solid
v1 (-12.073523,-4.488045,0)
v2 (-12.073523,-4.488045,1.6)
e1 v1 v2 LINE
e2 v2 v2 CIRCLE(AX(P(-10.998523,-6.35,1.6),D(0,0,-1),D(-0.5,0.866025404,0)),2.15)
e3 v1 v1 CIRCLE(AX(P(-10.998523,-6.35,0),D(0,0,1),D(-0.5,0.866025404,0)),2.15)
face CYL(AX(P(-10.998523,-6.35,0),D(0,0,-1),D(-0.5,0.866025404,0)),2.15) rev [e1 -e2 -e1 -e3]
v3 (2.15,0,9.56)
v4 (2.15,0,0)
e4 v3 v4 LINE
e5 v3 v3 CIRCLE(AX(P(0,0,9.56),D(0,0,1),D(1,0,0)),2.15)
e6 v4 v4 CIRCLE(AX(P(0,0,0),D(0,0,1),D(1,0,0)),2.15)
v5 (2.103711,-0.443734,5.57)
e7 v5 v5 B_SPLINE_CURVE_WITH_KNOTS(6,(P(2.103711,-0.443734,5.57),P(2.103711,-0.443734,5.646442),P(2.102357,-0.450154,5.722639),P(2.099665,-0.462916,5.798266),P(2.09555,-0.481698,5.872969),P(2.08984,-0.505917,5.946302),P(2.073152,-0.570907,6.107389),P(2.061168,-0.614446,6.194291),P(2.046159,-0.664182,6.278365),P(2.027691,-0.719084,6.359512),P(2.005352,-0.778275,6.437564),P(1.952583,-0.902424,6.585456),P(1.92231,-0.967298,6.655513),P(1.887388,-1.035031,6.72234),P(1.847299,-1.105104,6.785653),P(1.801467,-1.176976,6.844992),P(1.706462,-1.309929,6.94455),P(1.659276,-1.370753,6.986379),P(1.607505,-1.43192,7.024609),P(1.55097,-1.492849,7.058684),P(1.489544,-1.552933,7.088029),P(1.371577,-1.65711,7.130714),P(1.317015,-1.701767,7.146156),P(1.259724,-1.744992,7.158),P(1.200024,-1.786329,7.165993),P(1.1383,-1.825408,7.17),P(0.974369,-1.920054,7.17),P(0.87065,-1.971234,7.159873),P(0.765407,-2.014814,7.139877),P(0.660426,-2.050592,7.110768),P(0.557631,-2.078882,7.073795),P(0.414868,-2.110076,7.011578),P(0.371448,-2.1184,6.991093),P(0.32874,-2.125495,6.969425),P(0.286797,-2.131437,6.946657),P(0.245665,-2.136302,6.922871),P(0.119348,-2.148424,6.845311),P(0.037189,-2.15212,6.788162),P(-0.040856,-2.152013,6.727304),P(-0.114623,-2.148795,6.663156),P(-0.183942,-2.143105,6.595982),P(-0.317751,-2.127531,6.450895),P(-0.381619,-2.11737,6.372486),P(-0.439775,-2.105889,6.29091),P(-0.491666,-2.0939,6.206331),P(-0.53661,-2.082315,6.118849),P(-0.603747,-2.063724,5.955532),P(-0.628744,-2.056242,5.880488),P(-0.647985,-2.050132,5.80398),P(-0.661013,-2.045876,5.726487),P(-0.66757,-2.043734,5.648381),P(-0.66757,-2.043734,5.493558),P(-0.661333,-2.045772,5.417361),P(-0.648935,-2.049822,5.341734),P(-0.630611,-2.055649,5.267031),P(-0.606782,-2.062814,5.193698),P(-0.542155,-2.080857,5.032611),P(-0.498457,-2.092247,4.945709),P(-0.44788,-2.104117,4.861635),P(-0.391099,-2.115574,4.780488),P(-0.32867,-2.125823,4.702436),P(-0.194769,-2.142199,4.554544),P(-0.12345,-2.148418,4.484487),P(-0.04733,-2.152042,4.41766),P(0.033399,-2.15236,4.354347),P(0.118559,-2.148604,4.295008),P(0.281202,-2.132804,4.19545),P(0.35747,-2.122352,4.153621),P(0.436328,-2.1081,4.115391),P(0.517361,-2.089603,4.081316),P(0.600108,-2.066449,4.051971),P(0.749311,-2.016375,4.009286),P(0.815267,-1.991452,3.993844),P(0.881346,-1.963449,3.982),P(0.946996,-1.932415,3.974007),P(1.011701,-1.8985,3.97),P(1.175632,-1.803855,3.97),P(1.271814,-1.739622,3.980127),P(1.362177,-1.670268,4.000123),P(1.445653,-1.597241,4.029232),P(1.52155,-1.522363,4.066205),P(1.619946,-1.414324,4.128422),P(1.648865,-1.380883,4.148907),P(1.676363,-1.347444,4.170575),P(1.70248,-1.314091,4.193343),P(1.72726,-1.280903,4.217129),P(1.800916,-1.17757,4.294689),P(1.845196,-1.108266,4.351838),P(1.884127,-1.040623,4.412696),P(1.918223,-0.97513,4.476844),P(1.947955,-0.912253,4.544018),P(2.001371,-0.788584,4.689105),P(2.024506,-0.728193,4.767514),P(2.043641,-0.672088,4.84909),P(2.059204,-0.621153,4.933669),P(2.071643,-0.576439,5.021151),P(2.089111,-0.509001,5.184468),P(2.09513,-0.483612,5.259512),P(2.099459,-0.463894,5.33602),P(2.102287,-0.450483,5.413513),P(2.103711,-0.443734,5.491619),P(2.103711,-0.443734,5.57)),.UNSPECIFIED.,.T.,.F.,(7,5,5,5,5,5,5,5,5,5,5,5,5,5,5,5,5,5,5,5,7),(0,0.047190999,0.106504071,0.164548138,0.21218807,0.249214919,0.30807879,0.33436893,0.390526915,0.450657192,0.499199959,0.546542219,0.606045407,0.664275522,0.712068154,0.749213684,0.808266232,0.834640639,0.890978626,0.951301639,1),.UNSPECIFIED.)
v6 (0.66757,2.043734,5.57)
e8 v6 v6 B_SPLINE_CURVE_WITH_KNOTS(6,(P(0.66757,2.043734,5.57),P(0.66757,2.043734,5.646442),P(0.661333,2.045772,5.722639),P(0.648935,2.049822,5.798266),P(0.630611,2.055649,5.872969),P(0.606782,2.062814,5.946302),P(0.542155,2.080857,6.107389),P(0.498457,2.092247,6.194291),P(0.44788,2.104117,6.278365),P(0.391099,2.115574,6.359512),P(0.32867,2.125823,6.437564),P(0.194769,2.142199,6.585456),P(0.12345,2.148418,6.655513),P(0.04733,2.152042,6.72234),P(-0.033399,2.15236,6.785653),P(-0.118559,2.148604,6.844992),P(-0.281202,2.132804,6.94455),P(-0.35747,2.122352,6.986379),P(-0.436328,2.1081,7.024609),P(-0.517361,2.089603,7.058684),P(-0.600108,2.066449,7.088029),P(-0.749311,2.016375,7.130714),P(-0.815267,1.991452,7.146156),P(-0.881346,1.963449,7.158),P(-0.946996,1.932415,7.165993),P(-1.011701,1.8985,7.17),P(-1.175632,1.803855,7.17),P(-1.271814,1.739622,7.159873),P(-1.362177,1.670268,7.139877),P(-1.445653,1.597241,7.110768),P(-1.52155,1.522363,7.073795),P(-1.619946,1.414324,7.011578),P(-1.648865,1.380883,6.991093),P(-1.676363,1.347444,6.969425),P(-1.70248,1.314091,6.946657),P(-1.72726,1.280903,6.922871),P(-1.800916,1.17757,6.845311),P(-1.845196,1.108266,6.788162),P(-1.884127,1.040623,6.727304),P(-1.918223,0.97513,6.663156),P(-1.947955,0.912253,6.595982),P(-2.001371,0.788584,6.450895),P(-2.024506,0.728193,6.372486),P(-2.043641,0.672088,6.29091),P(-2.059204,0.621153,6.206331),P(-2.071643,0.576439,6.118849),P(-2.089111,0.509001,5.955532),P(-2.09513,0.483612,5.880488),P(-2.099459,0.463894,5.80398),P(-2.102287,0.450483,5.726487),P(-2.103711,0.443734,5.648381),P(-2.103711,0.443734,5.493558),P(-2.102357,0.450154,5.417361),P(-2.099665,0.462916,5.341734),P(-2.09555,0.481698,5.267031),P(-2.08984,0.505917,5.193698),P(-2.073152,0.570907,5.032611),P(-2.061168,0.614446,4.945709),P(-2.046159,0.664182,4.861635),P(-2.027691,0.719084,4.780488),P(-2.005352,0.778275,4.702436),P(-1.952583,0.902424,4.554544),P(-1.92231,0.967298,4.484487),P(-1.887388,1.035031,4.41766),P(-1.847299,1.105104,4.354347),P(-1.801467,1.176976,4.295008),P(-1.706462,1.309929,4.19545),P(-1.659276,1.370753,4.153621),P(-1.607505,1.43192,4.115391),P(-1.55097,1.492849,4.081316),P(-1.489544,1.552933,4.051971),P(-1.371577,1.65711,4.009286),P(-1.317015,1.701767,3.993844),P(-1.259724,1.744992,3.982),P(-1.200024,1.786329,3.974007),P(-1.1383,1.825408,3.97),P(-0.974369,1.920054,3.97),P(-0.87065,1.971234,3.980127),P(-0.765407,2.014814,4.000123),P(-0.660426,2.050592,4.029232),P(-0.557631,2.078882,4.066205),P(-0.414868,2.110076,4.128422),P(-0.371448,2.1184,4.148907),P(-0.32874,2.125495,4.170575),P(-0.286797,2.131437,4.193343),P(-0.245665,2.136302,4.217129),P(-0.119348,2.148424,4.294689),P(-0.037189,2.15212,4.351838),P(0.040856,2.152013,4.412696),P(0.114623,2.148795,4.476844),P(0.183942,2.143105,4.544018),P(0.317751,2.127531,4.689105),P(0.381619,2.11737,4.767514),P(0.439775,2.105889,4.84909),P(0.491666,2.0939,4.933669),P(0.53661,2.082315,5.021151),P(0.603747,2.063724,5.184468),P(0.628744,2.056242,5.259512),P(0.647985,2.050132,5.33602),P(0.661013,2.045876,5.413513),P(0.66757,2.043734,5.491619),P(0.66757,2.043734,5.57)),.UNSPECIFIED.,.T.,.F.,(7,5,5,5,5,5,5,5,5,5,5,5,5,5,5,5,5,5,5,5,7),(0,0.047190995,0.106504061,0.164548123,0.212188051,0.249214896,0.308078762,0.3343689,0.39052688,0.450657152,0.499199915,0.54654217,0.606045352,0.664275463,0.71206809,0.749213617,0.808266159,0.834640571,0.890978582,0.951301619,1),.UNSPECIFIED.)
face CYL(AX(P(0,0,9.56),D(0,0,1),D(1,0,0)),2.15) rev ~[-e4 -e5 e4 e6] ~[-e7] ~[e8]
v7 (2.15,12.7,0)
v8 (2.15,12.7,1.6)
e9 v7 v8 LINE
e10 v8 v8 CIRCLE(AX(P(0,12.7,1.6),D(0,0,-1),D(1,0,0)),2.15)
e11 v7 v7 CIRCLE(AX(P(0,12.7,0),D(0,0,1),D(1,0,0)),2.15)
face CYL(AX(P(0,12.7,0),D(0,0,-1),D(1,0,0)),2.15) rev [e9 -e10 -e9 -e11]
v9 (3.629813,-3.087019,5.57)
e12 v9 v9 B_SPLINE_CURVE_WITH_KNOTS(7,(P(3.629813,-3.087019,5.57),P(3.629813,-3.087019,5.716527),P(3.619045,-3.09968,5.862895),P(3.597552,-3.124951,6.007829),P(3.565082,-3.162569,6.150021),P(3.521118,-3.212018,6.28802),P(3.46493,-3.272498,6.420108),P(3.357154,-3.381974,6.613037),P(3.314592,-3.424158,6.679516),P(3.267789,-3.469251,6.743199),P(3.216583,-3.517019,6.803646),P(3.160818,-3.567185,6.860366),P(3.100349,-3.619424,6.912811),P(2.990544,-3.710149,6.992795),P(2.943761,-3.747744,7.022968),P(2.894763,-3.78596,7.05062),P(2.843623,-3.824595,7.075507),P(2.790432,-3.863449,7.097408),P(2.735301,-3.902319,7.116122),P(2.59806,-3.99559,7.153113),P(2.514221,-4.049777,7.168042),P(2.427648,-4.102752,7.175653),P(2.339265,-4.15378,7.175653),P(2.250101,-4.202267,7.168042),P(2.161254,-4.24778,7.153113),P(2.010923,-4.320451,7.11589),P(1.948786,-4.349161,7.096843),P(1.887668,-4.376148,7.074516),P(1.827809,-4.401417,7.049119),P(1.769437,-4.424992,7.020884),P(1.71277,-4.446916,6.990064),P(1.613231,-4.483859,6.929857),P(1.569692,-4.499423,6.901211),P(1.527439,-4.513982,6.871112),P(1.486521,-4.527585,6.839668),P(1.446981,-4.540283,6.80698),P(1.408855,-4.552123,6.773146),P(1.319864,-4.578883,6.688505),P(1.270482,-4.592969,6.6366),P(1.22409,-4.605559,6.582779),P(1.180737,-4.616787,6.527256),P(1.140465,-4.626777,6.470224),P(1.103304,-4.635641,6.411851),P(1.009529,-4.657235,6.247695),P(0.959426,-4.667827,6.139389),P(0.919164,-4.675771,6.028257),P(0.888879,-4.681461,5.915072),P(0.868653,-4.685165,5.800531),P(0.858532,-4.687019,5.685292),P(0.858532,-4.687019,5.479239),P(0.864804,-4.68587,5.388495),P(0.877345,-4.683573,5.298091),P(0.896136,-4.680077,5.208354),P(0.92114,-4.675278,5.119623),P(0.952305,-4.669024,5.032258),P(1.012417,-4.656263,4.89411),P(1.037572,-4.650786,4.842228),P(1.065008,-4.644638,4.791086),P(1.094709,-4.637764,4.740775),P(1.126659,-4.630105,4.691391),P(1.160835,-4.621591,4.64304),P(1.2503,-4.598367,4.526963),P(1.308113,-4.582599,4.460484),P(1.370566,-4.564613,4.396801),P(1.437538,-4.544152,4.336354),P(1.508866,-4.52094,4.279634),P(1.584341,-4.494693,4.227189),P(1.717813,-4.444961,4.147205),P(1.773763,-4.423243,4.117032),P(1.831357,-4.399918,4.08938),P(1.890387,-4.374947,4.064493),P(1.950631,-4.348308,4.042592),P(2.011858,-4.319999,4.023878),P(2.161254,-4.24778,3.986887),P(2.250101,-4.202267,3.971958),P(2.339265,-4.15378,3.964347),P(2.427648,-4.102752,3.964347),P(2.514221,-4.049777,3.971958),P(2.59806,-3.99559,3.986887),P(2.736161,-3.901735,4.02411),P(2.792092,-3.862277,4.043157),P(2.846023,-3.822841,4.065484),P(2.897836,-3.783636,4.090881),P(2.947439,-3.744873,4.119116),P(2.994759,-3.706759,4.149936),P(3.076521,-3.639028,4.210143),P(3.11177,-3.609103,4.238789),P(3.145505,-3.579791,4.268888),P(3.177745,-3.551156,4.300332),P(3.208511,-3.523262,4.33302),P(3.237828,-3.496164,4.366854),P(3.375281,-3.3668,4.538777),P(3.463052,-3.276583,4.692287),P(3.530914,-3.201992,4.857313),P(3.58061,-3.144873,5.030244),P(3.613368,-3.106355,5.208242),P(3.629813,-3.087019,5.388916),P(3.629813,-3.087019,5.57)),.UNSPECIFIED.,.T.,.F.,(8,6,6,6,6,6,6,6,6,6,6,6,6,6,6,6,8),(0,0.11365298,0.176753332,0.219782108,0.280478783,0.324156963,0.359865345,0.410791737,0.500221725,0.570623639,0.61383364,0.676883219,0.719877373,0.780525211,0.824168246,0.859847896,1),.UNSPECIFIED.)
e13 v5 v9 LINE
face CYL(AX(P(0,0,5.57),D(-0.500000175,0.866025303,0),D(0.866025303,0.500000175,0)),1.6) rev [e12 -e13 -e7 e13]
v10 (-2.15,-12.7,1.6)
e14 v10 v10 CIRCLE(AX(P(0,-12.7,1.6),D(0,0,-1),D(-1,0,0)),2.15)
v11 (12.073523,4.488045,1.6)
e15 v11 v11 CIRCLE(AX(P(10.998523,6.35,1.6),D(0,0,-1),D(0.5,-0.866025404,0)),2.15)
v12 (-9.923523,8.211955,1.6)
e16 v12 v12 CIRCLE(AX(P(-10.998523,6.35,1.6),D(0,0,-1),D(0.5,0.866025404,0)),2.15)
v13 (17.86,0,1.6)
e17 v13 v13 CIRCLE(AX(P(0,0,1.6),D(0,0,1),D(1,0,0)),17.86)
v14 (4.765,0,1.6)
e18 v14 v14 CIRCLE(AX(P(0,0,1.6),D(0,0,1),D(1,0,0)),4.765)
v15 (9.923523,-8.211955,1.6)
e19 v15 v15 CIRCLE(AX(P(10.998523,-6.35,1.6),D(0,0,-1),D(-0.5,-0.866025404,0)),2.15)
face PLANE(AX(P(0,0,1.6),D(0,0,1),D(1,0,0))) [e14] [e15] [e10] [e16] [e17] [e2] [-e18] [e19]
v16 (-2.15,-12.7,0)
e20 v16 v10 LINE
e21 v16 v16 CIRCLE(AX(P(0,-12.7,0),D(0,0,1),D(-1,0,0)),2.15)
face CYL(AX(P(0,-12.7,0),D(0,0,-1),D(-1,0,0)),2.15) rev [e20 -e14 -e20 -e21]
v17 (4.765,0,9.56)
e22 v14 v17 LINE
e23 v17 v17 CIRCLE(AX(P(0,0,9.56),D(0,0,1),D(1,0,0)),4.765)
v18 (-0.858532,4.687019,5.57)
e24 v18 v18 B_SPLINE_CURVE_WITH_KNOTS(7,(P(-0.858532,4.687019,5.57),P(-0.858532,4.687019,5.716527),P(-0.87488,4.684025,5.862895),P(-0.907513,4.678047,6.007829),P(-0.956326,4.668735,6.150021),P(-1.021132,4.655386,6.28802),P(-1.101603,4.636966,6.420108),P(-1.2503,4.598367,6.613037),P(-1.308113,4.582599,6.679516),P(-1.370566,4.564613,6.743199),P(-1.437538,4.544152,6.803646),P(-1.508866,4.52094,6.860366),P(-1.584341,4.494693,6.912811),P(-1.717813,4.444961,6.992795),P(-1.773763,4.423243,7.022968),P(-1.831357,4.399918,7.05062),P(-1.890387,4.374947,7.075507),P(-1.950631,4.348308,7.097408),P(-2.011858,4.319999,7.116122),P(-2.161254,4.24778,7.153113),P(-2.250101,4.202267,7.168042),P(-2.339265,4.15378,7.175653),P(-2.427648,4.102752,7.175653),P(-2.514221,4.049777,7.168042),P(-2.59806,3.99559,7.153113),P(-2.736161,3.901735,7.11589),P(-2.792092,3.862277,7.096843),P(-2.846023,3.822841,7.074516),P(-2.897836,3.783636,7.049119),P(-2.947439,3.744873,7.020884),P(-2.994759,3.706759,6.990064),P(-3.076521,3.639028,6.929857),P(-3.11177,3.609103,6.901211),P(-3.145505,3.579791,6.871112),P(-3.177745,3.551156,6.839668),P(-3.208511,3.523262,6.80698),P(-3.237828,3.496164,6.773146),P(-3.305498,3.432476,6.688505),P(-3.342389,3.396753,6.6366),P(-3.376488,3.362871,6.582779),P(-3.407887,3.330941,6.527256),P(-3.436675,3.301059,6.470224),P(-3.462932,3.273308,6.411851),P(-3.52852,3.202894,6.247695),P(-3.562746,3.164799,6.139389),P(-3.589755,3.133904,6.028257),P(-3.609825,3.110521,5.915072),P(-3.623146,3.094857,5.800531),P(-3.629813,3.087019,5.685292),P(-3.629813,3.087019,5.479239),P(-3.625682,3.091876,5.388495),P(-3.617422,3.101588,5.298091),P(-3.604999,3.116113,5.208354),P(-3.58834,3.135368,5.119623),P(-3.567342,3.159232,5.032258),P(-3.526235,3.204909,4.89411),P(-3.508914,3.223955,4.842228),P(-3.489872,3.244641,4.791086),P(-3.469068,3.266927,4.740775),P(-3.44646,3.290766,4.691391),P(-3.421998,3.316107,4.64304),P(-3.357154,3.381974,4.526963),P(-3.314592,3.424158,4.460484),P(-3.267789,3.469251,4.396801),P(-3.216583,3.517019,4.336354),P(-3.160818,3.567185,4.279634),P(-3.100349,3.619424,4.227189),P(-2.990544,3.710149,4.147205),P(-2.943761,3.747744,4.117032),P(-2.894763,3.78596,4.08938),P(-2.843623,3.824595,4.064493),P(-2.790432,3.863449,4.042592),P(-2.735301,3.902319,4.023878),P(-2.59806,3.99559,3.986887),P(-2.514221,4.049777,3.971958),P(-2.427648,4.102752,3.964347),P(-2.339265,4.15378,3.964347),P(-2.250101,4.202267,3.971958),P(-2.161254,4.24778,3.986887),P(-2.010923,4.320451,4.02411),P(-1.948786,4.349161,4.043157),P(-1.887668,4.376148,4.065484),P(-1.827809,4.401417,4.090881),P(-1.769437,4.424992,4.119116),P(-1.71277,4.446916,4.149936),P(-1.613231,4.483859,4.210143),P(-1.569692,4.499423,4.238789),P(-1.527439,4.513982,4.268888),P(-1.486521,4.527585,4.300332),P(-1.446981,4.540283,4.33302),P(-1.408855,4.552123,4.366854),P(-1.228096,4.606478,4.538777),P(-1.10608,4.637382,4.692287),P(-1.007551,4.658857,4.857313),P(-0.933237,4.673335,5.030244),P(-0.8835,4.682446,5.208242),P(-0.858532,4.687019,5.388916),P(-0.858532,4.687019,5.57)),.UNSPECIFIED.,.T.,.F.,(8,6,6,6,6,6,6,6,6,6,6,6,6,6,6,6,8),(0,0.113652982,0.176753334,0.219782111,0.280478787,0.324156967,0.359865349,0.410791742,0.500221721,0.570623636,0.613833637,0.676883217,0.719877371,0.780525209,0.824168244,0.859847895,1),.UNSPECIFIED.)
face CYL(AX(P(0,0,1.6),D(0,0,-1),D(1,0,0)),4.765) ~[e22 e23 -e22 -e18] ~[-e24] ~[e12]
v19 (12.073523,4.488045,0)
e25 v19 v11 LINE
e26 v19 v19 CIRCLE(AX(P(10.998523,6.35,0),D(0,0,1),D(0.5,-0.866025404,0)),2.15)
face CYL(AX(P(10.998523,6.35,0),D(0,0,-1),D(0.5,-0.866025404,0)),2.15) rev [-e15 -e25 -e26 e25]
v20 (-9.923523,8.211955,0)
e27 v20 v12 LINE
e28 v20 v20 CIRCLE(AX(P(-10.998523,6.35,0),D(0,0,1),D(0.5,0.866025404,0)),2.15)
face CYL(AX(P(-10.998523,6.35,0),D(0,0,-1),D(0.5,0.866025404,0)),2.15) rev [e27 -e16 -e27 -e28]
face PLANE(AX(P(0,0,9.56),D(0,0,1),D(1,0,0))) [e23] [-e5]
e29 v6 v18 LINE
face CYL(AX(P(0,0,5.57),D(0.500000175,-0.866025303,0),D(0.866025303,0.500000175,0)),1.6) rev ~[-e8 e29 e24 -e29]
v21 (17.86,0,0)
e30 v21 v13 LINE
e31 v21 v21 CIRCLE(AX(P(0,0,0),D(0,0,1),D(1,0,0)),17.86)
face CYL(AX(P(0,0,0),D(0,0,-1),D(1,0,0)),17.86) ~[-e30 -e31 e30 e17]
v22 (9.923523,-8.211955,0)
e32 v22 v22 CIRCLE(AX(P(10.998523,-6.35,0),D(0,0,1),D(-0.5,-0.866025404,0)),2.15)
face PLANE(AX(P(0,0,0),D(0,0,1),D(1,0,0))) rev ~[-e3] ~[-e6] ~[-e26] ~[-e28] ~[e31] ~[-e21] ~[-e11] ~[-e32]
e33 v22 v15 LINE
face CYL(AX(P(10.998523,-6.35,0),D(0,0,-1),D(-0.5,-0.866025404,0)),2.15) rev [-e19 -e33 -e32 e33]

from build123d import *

# Parameters (mm, degrees)
SKETCH_R             = 17.86
PAD_DEPTH            = 1.6
SKETCH001_R          = 4.765
PAD001_DEPTH         = 7.96
SKETCH002_R          = 2.15
POCKET_DEPTH         = 9.561
SKETCH003_R          = 1.6
POCKET001_DEPTH      = 5
POCKET001_DEPTH_BACK = -5
SKETCH004_R          = 2.15
POCKET002_DEPTH      = 112.385713
POLARPATTERN_COUNT   = 6


with BuildPart() as part:
    # Sketch → Pad (new body)
    with BuildSketch(Plane.XY):
        Circle(SKETCH_R)
    extrude(amount=PAD_DEPTH)

    # Sketch001 (on Face3 of Pad) → Pad001 (join)
    with BuildSketch(Plane.XY.offset(1.6)):
        Circle(SKETCH001_R)
    extrude(amount=PAD001_DEPTH)

    # Sketch002 (on Face5 of Pad001) → Pocket (cut, through all)
    with BuildSketch(Plane.XY.offset(9.56)):
        Circle(SKETCH002_R)
    extrude(amount=-POCKET_DEPTH, mode=Mode.SUBTRACT)

    # Sketch003 (on DatumPlane) → Pocket001 (cut, two sides)
    with BuildSketch(Plane(origin=(0, 0, 0), x_dir=(0.866025, 0.5, 0), z_dir=(0.5, -0.866025, 0))) as pocket001_sk:
        with Locations((0, 5.57)):
            Circle(SKETCH003_R)
    extrude(amount=-POCKET001_DEPTH, mode=Mode.SUBTRACT)
    extrude(pocket001_sk.sketch, amount=-POCKET001_DEPTH_BACK, mode=Mode.SUBTRACT)

    # Sketch004 → Pocket002 (cut, through all)
    with BuildSketch(Plane.XY):
        with Locations((0, 12.7)):
            Circle(SKETCH004_R)
    pocket002 = extrude(amount=POCKET002_DEPTH, mode=Mode.SUBTRACT)

    # PolarPattern: Pocket002 ×6 about axis
    polarpattern_axis = Axis((0, 0, 0), (0, 0, 1))
    for i in range(1, POLARPATTERN_COUNT):
        add(pocket002.rotate(polarpattern_axis, i * 360 / POLARPATTERN_COUNT), mode=Mode.SUBTRACT)


solid = part.part
